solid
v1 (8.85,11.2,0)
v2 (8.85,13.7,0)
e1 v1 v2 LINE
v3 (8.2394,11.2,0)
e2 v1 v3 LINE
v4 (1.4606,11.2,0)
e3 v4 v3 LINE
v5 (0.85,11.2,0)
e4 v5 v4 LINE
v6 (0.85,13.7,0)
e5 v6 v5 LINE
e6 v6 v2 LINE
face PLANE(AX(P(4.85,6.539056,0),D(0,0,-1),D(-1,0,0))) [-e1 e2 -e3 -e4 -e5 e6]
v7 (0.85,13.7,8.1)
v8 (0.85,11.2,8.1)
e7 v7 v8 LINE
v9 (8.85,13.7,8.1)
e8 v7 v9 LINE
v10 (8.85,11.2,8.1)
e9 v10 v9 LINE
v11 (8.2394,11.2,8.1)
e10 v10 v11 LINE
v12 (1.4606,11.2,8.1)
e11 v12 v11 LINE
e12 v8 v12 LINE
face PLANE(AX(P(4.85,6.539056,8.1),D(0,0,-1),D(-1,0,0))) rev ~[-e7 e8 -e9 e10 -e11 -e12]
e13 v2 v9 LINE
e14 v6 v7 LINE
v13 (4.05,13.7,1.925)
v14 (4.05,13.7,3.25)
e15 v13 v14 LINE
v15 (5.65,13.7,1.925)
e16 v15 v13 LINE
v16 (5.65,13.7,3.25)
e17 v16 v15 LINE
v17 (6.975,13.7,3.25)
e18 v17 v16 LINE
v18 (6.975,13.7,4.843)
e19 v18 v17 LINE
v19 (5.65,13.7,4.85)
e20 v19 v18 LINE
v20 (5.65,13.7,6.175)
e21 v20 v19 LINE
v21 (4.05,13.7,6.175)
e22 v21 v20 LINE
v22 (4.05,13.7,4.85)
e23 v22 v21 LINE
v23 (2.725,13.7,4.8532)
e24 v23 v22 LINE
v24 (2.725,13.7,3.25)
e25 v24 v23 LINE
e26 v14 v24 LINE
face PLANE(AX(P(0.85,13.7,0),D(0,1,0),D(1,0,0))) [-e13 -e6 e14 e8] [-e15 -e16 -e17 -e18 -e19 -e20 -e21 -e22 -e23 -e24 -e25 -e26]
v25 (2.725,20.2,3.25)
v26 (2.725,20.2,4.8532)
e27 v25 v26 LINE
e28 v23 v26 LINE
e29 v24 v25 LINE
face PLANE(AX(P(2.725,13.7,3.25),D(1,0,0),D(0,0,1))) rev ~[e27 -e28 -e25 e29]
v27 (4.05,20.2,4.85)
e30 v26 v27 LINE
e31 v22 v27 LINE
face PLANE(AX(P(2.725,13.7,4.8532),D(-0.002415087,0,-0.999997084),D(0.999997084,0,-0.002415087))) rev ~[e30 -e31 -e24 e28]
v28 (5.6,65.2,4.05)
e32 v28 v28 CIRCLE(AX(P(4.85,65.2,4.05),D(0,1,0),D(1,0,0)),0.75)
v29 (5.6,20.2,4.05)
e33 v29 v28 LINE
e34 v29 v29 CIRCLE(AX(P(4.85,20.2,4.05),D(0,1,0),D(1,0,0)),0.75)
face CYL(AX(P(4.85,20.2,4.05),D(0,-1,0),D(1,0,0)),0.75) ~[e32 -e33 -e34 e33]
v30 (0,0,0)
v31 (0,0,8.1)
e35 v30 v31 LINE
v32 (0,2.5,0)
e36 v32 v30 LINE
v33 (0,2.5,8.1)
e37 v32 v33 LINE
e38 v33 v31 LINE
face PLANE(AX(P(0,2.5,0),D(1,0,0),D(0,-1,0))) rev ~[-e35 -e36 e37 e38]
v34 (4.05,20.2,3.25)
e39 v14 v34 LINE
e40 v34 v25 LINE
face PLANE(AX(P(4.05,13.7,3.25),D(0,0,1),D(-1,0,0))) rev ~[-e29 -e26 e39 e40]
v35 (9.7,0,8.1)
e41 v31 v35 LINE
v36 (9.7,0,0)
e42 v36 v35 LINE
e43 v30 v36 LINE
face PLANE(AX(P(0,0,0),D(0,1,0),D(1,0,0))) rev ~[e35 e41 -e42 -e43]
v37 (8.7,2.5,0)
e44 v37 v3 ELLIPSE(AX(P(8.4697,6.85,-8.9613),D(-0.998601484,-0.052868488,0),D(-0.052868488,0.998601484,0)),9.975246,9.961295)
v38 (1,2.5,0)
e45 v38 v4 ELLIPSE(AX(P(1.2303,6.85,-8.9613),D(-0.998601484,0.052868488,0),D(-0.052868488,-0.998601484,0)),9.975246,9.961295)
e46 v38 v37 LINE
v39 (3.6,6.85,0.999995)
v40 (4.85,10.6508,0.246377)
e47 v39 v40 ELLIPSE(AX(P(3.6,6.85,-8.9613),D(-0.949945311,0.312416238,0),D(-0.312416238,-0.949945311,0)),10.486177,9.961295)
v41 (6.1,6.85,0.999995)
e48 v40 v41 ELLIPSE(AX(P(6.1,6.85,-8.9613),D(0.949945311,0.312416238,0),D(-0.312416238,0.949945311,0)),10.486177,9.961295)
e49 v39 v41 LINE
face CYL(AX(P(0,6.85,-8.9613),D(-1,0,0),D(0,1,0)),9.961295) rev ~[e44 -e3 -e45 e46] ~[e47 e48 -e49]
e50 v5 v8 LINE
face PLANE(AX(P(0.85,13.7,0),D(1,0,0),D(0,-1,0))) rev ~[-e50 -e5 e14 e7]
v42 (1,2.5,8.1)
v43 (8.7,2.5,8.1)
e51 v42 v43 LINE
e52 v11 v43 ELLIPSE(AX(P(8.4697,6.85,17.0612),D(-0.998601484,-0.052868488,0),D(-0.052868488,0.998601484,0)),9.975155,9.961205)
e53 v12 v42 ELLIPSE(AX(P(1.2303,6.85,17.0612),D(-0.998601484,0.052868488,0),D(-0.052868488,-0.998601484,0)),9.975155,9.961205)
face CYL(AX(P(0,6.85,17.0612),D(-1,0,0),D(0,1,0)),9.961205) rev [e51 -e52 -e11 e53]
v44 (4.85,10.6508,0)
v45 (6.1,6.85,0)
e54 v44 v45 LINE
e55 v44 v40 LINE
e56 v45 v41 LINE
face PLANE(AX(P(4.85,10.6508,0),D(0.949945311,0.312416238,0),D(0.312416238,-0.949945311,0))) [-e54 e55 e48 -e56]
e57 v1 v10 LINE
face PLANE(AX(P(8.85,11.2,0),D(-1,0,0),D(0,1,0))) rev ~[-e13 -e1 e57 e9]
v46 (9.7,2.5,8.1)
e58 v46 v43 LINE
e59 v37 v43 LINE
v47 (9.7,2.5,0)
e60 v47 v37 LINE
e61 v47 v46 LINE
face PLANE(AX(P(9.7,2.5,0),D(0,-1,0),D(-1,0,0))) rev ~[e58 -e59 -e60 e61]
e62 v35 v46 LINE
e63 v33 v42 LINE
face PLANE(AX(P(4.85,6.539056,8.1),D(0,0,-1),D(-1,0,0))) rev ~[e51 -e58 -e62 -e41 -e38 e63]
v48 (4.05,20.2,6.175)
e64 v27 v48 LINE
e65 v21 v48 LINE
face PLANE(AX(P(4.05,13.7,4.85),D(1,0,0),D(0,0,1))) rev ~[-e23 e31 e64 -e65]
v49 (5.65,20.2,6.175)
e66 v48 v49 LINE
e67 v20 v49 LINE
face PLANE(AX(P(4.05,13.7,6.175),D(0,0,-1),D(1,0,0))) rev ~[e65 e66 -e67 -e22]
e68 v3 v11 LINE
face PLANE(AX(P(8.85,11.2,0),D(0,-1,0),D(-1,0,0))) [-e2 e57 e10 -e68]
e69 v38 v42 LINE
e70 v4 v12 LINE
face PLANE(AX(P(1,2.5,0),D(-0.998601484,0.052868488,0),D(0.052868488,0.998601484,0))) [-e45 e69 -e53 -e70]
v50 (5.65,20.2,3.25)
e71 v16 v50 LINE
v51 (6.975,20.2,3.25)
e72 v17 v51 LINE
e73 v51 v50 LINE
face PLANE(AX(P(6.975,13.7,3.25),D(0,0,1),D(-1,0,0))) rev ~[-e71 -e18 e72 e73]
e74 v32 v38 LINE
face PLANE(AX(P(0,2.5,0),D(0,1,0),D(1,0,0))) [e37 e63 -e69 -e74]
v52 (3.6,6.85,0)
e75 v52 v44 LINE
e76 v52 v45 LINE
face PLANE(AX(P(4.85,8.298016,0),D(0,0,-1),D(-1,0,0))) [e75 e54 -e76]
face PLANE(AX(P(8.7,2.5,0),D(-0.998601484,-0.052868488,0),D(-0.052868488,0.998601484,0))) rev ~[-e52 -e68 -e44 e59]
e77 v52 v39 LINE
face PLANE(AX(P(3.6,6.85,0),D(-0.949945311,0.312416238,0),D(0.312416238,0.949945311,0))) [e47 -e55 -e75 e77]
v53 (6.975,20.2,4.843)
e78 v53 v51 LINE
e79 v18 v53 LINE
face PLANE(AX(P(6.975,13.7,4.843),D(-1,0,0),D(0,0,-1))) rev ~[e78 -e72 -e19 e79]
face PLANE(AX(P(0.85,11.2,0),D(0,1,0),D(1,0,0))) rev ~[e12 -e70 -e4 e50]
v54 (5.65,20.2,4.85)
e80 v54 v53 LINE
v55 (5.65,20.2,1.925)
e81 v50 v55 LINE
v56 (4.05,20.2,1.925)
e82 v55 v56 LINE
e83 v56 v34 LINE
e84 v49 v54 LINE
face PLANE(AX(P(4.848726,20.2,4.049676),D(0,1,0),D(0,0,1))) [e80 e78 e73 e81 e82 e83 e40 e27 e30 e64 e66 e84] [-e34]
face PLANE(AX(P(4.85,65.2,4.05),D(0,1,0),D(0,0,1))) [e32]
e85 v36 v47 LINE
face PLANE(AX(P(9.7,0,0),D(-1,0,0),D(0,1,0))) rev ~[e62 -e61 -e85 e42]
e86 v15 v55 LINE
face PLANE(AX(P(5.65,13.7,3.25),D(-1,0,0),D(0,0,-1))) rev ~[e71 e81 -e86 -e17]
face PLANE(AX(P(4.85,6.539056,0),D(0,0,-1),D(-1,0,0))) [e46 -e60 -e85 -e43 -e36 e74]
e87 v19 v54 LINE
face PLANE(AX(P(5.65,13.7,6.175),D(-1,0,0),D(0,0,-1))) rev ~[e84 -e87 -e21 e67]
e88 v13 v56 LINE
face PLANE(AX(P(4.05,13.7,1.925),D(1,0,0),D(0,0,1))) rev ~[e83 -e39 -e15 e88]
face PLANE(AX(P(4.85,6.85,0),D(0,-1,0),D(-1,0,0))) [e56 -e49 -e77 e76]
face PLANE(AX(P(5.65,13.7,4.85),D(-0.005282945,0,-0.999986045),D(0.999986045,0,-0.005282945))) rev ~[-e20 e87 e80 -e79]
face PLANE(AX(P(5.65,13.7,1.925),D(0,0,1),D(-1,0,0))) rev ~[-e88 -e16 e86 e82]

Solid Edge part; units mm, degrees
sketch "Sketch1" plane through (0, 0, 0) normal (0, 0, 1) x (1, 0, 0)
  line L0 (1, 2.5) -> (1.4606, 11.2)
  line L1 (0.85, 11.2) -> (1.4606, 11.2)
  line L2 (0.85, 13.7) -> (0.85, 11.2)
  line L3 (0.85, 13.7) -> (8.85, 13.7)
  line L4 (8.85, 11.2) -> (8.85, 13.7)
  line L5 (8.85, 11.2) -> (8.2394, 11.2)
  line L6 (8.7, 2.5) -> (8.2394, 11.2)
  line L7 (9.7, 2.5) -> (8.7, 2.5)
  line L8 (9.7, 0) -> (9.7, 2.5)
  line L9 (0, 0) -> (9.7, 0)
  line L10 (0, 2.5) -> (0, 0)
  line L11 (0, 2.5) -> (1, 2.5)
extrude "Protrusion1" add sketch "Sketch1" along normal up to vertex (8.1 mm away)
sketch "Sketch2" plane through (0, 0, 0) normal (1, 0, 0) x (0, 1, 0)
  line L0 (11.2, 0) -> (13.7, 0)
  line L1 (13.7, 0) -> (13.7, 8.1)
  line L2 (13.7, 8.1) -> (11.2, 8.1)
  arc A0 (2.5, 8.1) -> (11.2, 8.1) centre (6.85, 17.0612) ccw
  line L3 (2.5, 8.1) -> (0, 8.1)
  line L4 (0, 8.1) -> (0, 0)
  line L5 (0, 0) -> (2.5, 0)
  arc A1 (2.5, 0) -> (11.2, 0) centre (6.85, -8.9613) cw
extrude "Cutout1" cut sketch "Sketch2" along normal blind 13.0896 flip side to cut
sketch "Sketch3" plane through (4.85, 10.275, 0) normal (0, 0, -1) x (-1, 0, 0)
  line L0 (1.25, -3.425) -> (0, 0.3758)
  line L1 (0, 0.3758) -> (-1.25, -3.425)
  line L2 (0, -3.425) -> (-1.25, -3.425)
  line L3 (0, -3.425) -> (1.25, -3.425)
extrude "TriangleProtrusion" add sketch "Sketch3" against normal blind 2.6122
sketch "Sketch4" plane through (4.85, 13.7, 4.05) normal (0, 1, 0) x (1, 0, 0)
  line L0 (0.8, 0.8) -> (0.8, 2.125)
  line L1 (0.8, 2.125) -> (-0.8, 2.125)
  line L2 (-0.8, 2.125) -> (-0.8, 0.8)
  line L3 (-0.8, 0.8) -> (-2.125, 0.8)
  line L4 (-2.125, 0.8) -> (-2.125, -0.8032)
  line L5 (-2.125, -0.8032) -> (-0.8, -0.8)
  line L6 (-0.8, -0.8) -> (-0.8, -2.125)
  line L7 (-0.8, -2.125) -> (0.8, -2.125)
  line L8 (0.8, -2.125) -> (0.8, -0.8)
  line L9 (0.8, -0.8) -> (2.125, -0.793)
  line L10 (2.125, -0.793) -> (2.125, 0.8)
  line L11 (2.125, 0.8) -> (0.8, 0.8)
extrude "Protrusion2" add sketch "Sketch4" along normal up to vertex (6.5 mm away)
sketch "Sketch5" plane through (4.85, 20.2, 4.05) normal (0, 1, 0) x (1, 0, 0)
  circle A0 centre (0, 0) radius 0.75
extrude "ShaftProtrusion" add sketch "Sketch5" along normal blind 45
